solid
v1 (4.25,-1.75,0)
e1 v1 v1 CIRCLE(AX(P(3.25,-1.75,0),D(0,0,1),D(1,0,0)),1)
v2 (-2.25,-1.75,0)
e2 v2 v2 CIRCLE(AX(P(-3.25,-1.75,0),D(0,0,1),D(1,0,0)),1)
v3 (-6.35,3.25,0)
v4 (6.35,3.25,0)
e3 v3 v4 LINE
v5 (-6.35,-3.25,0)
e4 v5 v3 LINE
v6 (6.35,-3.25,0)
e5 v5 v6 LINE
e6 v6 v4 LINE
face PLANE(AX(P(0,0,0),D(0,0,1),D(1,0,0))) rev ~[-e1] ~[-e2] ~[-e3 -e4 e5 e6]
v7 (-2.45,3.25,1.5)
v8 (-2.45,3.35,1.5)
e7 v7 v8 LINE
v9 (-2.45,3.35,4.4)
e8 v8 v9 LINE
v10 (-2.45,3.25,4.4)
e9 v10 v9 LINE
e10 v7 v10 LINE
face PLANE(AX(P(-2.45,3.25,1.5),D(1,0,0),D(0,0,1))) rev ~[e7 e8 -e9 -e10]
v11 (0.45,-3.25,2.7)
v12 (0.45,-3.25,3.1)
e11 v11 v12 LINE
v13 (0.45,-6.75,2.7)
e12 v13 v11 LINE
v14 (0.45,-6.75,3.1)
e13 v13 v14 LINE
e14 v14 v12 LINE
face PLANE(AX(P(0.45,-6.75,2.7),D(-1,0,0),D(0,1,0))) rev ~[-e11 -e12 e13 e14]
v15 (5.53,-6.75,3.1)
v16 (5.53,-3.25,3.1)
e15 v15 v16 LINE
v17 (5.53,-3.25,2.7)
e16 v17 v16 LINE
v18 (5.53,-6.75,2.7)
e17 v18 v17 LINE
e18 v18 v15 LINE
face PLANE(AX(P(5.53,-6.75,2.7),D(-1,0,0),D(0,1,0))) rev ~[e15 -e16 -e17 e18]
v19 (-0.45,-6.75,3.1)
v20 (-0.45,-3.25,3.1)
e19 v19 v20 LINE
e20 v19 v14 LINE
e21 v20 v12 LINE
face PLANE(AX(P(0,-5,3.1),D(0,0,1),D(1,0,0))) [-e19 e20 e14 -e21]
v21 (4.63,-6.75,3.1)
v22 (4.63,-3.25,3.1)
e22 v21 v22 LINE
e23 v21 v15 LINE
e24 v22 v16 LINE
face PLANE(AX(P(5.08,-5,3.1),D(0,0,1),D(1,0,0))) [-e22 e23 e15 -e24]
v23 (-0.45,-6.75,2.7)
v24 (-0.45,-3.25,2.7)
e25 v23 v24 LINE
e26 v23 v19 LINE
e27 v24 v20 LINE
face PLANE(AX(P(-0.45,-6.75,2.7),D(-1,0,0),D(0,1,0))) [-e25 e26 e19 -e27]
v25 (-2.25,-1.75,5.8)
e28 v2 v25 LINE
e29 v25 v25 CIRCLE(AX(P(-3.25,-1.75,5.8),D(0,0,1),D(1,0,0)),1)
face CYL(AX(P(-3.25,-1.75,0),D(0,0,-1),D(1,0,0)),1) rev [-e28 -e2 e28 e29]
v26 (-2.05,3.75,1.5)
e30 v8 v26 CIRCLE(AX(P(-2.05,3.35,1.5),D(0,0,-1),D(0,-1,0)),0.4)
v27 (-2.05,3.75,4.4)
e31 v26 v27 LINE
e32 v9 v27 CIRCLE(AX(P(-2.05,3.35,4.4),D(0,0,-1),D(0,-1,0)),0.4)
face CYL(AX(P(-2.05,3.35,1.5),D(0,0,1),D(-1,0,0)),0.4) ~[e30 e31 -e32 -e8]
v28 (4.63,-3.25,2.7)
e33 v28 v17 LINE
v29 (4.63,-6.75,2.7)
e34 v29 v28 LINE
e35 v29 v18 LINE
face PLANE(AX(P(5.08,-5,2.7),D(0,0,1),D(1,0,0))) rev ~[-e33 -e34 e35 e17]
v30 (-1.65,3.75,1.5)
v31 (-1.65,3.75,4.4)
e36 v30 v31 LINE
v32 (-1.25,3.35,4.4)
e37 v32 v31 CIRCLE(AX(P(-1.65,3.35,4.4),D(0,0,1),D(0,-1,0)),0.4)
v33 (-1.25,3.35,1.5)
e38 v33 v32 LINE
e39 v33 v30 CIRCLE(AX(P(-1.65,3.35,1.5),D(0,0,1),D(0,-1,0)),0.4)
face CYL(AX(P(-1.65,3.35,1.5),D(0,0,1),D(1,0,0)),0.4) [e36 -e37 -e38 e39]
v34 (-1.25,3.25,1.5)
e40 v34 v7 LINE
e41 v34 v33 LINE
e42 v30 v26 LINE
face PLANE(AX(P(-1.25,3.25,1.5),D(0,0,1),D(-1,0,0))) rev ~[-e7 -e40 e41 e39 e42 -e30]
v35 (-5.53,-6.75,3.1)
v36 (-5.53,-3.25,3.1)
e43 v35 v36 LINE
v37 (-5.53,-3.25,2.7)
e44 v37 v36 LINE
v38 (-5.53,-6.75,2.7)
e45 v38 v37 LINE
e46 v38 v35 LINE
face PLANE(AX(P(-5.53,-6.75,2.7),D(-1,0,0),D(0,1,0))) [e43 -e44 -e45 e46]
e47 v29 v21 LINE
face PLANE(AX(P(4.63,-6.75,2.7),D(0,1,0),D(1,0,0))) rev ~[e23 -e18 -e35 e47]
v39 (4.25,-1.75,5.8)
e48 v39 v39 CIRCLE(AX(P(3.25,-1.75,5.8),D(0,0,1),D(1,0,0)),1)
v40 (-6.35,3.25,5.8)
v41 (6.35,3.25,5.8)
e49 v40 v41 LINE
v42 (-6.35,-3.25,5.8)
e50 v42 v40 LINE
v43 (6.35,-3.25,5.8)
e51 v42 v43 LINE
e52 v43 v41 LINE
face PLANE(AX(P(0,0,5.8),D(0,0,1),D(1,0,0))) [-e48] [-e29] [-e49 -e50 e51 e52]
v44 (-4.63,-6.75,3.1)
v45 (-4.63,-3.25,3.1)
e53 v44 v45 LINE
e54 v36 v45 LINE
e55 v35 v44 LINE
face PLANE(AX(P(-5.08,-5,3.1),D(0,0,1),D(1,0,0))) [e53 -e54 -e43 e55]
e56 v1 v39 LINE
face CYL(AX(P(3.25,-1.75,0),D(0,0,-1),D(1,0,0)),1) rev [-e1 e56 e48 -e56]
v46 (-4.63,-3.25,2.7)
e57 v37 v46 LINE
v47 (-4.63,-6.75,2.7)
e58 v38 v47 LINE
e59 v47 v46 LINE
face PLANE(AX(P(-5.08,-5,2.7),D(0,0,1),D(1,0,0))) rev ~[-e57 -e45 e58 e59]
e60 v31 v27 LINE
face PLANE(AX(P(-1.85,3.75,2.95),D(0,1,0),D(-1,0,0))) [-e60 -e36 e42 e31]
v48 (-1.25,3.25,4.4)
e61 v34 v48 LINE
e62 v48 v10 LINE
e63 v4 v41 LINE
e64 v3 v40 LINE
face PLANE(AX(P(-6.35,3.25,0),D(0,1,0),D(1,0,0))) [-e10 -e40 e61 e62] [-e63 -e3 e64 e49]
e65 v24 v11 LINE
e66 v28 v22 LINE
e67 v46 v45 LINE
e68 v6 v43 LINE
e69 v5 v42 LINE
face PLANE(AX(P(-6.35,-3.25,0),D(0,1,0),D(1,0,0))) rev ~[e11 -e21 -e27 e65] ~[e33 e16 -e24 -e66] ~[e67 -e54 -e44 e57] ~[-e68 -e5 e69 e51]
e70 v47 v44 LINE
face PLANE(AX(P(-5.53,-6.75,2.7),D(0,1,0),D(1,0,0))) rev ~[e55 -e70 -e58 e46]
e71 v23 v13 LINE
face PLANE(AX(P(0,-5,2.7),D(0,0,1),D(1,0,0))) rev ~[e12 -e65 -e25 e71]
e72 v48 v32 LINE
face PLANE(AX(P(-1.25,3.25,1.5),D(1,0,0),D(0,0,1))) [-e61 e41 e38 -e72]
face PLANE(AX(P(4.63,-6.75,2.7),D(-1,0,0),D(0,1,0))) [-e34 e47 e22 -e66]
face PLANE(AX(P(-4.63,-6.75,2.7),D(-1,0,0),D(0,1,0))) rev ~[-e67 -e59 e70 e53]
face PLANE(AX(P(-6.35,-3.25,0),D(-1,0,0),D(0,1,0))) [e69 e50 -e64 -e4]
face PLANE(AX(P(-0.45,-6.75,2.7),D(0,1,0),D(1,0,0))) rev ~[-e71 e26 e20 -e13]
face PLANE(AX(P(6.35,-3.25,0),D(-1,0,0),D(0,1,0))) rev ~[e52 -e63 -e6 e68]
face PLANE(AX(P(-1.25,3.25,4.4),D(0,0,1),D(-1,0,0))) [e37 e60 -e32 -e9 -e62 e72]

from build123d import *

# Parameters (mm, degrees)
F0_W     = 12.7
F0_H     = 6.5
F0_R     = 1
F1_DEPTH = 5.8
F4_W     = 0.9
F4_H     = 3.5
F5_DEPTH = 0.4
F2_W     = 1.2
F2_H     = 2.9
F6_DEPTH = 0.5
F7_R     = 0.4


with BuildPart() as f1:
    # F0 (on Top) → F1 (new body)
    with BuildSketch(Plane.XY):
        Rectangle(F0_W, F0_H)
        with Locations((-3.25, -1.75)):
            Circle(F0_R, mode=Mode.SUBTRACT)
        with Locations((3.25, -1.75)):
            Circle(F0_R, mode=Mode.SUBTRACT)
    extrude(amount=F1_DEPTH)

    # F4 (on offset) → F5 (join)
    with BuildSketch(Plane.XY.offset(2.7)):
        with Locations((-5.08, -5)):
            Rectangle(F4_W, F4_H)
        with Locations((0, -5)):
            Rectangle(F4_W, F4_H)
        with Locations((5.08, -5)):
            Rectangle(F4_W, F4_H)
    extrude(amount=F5_DEPTH)

    # F2 (on face) → F6 (join)
    with BuildSketch(Plane(origin=(0, 3.25, 0), x_dir=(-1, 0, 0), z_dir=(0, 1, 0))):
        with Locations((1.85, 2.95)):
            Rectangle(F2_W, F2_H)
    extrude(amount=F6_DEPTH)

    # F7
    f7_edges = [f1.edges().sort_by_distance(p)[0] for p in [
        (-2.45, 3.75, 2.95),
        (-1.25, 3.75, 2.95),
    ]]
    fillet(f7_edges, radius=F7_R)


solid = f1.part
